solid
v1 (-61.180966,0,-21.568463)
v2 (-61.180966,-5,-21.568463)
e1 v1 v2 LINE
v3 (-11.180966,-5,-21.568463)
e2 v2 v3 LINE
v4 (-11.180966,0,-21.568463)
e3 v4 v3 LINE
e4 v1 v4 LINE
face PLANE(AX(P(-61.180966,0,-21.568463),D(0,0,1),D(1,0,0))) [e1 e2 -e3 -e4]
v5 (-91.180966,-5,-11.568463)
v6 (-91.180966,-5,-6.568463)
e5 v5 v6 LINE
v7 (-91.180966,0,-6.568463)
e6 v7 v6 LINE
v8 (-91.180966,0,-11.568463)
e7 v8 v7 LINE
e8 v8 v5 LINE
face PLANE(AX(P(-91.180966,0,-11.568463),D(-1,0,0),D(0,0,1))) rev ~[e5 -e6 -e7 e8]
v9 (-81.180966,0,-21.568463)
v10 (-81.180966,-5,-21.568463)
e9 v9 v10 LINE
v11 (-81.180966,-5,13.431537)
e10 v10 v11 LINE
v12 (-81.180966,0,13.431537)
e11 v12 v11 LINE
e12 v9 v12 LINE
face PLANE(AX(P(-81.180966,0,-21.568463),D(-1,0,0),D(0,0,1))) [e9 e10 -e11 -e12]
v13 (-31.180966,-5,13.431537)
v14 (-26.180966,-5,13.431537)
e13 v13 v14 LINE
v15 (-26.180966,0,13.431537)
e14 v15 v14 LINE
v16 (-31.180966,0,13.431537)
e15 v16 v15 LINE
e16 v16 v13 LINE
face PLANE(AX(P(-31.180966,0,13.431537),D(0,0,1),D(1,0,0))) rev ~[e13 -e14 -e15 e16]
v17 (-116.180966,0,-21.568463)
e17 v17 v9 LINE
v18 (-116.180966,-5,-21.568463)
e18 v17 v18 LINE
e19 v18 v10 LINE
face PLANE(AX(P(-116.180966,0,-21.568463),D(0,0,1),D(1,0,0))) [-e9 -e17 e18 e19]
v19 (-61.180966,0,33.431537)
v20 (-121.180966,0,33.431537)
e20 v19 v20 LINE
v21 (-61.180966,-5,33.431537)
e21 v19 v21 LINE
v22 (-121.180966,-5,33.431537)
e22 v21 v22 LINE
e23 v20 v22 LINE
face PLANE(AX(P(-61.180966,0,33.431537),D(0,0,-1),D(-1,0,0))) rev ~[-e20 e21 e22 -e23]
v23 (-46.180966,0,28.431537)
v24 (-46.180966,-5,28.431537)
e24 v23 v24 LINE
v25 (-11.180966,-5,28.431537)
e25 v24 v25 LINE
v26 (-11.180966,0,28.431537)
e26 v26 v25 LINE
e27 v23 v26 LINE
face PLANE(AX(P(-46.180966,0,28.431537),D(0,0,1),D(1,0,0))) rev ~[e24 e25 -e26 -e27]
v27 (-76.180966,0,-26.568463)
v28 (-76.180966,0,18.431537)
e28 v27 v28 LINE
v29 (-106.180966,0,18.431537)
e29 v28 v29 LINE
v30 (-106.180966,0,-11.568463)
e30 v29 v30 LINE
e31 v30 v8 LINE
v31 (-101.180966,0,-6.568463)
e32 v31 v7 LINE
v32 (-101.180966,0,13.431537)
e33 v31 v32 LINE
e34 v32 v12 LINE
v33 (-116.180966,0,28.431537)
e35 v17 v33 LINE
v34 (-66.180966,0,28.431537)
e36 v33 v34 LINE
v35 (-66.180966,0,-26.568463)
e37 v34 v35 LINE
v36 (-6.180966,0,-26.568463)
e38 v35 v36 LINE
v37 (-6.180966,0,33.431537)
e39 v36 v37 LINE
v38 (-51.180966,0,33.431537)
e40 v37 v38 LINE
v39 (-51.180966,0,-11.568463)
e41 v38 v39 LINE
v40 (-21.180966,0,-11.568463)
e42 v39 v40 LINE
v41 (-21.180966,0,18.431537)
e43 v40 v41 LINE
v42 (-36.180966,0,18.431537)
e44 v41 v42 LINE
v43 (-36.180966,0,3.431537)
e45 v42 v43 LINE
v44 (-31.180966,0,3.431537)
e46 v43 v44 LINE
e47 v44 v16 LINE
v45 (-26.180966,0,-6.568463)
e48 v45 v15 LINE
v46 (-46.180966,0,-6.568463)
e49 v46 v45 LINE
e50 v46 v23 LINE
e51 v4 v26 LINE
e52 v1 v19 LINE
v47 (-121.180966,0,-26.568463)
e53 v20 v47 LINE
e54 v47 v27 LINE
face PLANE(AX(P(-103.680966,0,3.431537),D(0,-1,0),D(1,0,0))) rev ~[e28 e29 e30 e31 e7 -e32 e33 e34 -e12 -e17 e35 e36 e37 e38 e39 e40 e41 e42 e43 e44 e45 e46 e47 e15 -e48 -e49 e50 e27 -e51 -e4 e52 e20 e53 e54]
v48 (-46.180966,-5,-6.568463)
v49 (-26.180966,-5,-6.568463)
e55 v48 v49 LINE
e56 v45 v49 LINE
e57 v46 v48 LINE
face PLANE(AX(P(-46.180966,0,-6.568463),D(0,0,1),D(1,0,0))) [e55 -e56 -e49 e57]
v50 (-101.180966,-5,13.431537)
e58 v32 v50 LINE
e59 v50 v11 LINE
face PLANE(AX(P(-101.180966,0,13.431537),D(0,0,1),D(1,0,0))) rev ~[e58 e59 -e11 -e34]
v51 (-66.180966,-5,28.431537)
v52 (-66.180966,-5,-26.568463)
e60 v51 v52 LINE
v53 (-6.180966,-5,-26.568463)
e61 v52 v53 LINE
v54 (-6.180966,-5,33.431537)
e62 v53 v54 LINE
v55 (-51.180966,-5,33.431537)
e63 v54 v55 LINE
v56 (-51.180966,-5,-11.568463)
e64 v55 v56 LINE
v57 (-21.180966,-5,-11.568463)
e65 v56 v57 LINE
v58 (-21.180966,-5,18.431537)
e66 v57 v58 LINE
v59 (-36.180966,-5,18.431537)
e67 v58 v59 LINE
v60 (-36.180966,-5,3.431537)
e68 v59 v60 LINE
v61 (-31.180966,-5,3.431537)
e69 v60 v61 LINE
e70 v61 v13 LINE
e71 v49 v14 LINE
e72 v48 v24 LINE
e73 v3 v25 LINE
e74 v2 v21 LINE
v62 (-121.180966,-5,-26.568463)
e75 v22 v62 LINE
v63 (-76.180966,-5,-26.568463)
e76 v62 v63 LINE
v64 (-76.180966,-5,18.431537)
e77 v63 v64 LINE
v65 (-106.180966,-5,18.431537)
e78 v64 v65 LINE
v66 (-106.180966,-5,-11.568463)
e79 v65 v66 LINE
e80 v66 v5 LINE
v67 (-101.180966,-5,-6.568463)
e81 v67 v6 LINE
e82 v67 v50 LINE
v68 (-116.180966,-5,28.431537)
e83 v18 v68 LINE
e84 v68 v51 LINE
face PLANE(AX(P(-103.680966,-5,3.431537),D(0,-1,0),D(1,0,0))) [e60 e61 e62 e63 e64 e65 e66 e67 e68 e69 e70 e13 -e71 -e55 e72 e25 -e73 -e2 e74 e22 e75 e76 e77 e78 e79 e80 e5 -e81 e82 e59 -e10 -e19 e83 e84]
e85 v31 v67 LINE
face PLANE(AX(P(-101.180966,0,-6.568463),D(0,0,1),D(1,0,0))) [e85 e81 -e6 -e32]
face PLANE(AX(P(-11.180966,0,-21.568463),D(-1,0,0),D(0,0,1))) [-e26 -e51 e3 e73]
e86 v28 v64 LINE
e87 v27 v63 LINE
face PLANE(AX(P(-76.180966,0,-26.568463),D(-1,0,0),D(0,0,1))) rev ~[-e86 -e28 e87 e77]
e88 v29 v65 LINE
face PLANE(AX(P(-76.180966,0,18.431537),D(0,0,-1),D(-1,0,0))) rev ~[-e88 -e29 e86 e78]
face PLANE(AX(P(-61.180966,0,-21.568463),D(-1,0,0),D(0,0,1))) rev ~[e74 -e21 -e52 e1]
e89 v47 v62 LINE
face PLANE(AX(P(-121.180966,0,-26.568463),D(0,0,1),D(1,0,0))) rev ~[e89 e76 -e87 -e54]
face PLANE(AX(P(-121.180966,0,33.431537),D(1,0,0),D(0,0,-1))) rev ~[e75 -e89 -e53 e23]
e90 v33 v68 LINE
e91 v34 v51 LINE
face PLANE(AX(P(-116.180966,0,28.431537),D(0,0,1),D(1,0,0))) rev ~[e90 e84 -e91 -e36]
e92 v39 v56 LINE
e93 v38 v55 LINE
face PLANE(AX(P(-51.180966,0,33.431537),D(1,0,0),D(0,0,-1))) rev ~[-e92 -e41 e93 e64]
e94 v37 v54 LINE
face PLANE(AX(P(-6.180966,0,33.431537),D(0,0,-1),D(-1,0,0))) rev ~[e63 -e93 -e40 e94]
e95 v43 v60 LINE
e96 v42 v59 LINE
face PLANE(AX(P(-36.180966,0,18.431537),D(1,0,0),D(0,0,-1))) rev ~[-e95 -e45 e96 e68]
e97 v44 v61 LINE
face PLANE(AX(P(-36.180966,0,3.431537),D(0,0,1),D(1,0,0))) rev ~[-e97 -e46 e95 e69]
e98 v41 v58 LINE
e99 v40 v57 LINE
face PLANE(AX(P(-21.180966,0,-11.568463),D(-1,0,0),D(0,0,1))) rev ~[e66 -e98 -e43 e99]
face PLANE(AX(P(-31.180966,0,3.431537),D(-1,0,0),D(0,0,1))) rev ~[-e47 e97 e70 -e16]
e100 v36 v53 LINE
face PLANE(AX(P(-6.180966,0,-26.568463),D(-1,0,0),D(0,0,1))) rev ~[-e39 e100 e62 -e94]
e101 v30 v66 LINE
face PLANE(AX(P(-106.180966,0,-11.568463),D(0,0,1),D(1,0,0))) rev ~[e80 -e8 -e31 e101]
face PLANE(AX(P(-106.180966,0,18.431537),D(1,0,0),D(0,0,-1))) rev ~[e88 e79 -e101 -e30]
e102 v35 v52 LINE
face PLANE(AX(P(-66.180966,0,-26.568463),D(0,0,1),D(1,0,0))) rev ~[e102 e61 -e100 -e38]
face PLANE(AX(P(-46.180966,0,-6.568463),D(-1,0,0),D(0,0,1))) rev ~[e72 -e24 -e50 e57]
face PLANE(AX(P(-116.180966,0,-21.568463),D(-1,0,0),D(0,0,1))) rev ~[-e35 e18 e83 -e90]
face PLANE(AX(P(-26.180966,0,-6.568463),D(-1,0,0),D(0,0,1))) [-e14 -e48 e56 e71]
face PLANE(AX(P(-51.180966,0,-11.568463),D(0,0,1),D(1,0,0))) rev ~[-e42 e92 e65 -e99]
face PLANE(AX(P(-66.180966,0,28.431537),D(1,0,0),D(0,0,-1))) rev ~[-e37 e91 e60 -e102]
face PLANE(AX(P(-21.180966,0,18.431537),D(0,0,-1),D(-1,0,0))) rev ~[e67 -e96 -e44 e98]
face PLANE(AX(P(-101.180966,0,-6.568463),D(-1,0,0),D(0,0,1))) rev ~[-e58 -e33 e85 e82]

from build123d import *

# Parameters (mm, degrees)
F0_W     = 5
F0_H     = 20
F0_H_2   = 5
F0_W_2   = 35
F0_W_3   = 20
F0_W_4   = 10
F0_H_3   = 10
F0_W_5   = 50
F0_H_4   = 35
F0_H_5   = 50
F1_DEPTH = 5


with BuildPart() as f1:
    # F0 (on Front) → F1 (new body)
    with BuildSketch(Plane.XZ):
        with Locations((-103.680966, 3.431537)):
            Rectangle(F0_W, F0_H)
        with Locations((-23.680966, 3.431537)):
            Rectangle(F0_W, F0_H)
        with Locations((-28.680966, 15.931537)):
            Rectangle(F0_W, F0_H_2)
        with Locations((-98.680966, -24.068463)):
            Rectangle(F0_W_2, F0_H_2)
        with Locations((-36.180966, -9.068463)):
            Rectangle(F0_W_3, F0_H_2)
        with Locations((-96.180966, -9.068463)):
            Rectangle(F0_W_4, F0_H_2)
        with Locations((-33.680966, 8.431537)):
            Rectangle(F0_W, F0_H_3)
        with Locations((-28.680966, 30.931537)):
            Rectangle(F0_W_2, F0_H_2)
        with Locations((-91.180966, 30.931537)):
            Rectangle(F0_W_5, F0_H_2)
        with Locations((-48.680966, 10.931537)):
            Rectangle(F0_W, F0_H_4)
        with Locations((-91.180966, 15.931537)):
            Rectangle(F0_W_3, F0_H_2)
        with Locations((-36.180966, -24.068463)):
            Rectangle(F0_W_5, F0_H_2)
        with Locations((-118.680966, 3.431537)):
            Rectangle(F0_W, F0_H_5)
        with Locations((-8.680966, 3.431537)):
            Rectangle(F0_W, F0_H_5)
        with Locations((-78.680966, -4.068463)):
            Rectangle(F0_W, F0_H_4)
        with Locations((-33.680966, 15.931537)):
            Rectangle(F0_W, F0_H_2)
        with Locations((-63.680966, 3.431537)):
            Rectangle(F0_W, F0_H_5)
        with Locations((-23.680966, 15.931537)):
            Rectangle(F0_W, F0_H_2)
        with Locations((-48.680966, -9.068463)):
            Rectangle(F0_W, F0_H_2)
        with Locations((-8.680966, 30.931537)):
            Rectangle(F0_W, F0_H_2)
        with Locations((-23.680966, -9.068463)):
            Rectangle(F0_W, F0_H_2)
        with Locations((-103.680966, -9.068463)):
            Rectangle(F0_W, F0_H_2)
        with Locations((-103.680966, 15.931537)):
            Rectangle(F0_W, F0_H_2)
        with Locations((-78.680966, 15.931537)):
            Rectangle(F0_W, F0_H_2)
        with Locations((-118.680966, 30.931537)):
            Rectangle(F0_W, F0_H_2)
        with Locations((-118.680966, -24.068463)):
            Rectangle(F0_W, F0_H_2)
        with Locations((-8.680966, -24.068463)):
            Rectangle(F0_W, F0_H_2)
        with Locations((-48.680966, 30.931537)):
            Rectangle(F0_W, F0_H_2)
        with Locations((-63.680966, 30.931537)):
            Rectangle(F0_W, F0_H_2)
        with Locations((-78.680966, -24.068463)):
            Rectangle(F0_W, F0_H_2)
        with Locations((-63.680966, -24.068463)):
            Rectangle(F0_W, F0_H_2)
    extrude(amount=F1_DEPTH)


solid = f1.part
